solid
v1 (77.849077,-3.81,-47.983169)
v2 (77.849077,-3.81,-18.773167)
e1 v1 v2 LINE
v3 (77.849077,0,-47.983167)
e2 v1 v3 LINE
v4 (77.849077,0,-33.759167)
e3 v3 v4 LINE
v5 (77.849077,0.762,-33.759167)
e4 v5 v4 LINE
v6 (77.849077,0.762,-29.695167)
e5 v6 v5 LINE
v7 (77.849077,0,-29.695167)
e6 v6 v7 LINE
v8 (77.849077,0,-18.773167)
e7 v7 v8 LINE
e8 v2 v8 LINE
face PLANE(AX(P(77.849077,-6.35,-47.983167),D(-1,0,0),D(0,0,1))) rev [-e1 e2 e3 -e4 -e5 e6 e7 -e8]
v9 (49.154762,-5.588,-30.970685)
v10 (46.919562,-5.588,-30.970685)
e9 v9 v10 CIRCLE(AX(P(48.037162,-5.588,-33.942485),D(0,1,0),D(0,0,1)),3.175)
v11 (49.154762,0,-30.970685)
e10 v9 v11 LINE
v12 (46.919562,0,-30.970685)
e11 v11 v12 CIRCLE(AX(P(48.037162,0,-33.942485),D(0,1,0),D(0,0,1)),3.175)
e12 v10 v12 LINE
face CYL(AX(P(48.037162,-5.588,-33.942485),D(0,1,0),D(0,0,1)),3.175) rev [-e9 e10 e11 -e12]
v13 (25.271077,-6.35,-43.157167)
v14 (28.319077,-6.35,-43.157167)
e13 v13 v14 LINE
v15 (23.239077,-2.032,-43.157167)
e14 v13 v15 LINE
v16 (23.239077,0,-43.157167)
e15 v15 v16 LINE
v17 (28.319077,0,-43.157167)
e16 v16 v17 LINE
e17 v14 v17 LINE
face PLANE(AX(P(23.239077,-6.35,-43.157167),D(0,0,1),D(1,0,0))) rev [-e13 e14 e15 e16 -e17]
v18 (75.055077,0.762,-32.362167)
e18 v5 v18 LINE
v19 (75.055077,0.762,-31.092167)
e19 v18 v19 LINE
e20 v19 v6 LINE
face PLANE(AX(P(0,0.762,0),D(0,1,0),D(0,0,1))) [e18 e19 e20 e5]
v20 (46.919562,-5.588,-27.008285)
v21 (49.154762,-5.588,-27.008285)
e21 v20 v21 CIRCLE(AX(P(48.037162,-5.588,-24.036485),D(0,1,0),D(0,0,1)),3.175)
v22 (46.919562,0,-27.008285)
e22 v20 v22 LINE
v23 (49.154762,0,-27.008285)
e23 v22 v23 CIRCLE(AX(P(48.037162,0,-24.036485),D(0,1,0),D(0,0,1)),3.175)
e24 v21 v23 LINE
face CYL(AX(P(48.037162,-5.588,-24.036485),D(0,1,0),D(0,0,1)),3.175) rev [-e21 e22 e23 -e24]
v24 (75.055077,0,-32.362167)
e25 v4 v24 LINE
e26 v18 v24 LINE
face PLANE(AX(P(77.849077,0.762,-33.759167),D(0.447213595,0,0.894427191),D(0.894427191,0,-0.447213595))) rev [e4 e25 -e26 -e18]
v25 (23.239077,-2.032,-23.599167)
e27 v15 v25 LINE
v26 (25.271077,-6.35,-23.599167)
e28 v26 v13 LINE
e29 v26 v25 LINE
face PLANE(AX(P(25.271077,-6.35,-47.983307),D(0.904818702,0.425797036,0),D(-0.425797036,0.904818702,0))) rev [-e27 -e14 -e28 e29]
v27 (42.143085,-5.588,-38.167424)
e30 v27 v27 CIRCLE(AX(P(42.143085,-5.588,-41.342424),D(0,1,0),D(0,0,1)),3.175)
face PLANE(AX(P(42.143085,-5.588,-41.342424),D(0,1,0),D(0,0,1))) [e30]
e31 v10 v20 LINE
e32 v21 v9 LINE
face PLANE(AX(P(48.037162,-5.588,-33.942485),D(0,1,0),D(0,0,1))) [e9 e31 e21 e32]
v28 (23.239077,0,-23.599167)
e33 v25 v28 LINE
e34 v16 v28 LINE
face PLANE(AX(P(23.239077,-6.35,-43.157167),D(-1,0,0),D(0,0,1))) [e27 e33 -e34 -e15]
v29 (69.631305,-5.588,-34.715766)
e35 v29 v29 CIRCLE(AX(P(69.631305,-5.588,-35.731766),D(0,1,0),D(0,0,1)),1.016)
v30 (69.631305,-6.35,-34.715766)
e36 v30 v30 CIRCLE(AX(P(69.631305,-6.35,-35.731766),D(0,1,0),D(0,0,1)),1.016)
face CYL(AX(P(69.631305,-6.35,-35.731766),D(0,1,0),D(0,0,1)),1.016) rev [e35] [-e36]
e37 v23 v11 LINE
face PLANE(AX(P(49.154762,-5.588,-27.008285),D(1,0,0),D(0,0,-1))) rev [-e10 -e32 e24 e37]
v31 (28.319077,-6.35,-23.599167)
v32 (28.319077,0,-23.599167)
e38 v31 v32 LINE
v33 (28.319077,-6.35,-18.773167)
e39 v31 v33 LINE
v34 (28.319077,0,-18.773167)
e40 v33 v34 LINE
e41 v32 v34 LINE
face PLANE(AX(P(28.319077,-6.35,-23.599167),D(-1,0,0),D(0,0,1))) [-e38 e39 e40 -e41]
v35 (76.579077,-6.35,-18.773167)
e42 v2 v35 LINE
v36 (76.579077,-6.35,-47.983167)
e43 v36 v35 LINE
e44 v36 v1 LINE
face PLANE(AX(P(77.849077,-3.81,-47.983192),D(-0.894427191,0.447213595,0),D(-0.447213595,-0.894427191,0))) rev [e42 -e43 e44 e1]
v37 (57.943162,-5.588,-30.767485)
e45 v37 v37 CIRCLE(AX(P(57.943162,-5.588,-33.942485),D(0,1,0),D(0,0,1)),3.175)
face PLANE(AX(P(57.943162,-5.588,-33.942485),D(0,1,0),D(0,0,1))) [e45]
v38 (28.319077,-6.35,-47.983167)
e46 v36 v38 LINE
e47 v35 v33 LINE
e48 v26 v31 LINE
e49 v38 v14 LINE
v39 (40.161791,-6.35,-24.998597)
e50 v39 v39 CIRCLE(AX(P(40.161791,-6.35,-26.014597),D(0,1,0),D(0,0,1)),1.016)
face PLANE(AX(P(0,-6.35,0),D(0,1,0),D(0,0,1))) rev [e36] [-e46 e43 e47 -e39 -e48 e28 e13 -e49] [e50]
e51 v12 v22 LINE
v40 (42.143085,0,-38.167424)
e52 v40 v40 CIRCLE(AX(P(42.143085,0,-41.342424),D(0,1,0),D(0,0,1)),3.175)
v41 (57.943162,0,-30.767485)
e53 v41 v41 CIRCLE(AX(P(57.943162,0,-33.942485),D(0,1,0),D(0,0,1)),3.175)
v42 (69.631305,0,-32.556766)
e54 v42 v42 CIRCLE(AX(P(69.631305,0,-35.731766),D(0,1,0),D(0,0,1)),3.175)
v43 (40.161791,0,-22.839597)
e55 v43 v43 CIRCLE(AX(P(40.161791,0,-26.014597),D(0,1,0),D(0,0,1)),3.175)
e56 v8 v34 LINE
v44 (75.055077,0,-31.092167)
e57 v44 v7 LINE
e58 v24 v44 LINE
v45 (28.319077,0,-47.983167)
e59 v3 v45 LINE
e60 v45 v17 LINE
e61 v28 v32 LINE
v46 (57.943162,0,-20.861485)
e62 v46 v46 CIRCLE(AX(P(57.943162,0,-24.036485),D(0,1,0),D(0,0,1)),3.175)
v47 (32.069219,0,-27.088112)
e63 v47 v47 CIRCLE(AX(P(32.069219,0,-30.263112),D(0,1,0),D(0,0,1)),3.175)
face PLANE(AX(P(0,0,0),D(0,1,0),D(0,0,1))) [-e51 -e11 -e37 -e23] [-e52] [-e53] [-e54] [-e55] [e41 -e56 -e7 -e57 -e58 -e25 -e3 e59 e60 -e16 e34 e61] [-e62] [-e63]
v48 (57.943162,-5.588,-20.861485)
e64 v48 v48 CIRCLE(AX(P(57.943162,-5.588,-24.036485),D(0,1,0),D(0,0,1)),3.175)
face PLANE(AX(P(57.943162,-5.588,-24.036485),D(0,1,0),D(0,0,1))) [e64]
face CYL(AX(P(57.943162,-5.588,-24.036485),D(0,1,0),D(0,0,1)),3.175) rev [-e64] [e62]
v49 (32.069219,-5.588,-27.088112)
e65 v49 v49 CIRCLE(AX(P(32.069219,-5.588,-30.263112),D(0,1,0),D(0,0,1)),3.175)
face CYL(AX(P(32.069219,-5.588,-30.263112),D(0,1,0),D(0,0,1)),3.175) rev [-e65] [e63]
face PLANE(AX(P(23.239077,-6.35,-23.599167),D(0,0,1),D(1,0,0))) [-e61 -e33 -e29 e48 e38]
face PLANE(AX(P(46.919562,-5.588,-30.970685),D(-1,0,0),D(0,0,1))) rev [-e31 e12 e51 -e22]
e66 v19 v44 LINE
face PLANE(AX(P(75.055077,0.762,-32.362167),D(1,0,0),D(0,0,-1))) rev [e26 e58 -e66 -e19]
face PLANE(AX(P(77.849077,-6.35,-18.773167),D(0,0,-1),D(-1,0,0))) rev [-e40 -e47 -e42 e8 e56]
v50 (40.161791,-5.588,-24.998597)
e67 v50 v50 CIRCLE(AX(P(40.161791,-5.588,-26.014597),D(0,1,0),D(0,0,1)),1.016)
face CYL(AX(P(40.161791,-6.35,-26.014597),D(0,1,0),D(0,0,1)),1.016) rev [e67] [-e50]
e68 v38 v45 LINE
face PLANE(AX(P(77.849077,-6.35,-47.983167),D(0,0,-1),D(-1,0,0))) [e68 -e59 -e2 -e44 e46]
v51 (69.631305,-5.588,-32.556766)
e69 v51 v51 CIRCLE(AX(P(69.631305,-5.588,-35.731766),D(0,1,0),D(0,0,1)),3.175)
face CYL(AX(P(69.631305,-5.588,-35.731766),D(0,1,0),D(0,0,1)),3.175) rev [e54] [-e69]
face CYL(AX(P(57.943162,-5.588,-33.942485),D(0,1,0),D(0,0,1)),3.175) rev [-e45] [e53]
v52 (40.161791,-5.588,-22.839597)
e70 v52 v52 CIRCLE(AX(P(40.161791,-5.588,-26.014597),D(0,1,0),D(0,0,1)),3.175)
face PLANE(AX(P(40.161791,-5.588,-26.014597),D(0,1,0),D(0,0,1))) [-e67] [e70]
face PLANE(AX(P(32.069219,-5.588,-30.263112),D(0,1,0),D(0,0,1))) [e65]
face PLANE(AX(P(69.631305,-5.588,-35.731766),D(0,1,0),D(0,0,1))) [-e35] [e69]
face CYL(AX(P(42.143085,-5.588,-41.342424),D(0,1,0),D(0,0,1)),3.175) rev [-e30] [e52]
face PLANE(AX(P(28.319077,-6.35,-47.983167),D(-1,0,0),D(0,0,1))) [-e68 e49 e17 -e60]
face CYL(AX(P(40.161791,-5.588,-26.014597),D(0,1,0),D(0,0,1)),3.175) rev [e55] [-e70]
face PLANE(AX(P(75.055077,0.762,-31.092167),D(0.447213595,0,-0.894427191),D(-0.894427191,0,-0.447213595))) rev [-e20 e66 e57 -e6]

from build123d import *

# Parameters (mm, degrees)
BOSS_EXTRUDE1_DEPTH = 6.35
SKETCH2_R           = 3.175
CUT_EXTRUDE1_DEPTH  = 5.588
BOSS_EXTRUDE2_DEPTH = 0.762
SKETCH4_R           = 1.016
CUT_EXTRUDE2_DEPTH  = 7.35
CUT_EXTRUDE3_DEPTH  = 30.21
CUT_EXTRUDE4_DEPTH  = 25.384


with BuildPart() as part:
    # Sketch1 → Boss-Extrude1 (new body)
    with BuildSketch(Plane(origin=(0, 0, 0), x_dir=(1, 0, 0), z_dir=(0, 1, 0))):
        Polygon((77.849076972, 47.983166812), (28.319076972, 47.983166812), (28.319076972, 43.157166812), (23.239076972, 43.157166812), (23.239076972, 23.599166812), (28.319076972, 23.599166812), (28.319076972, 18.773166812), (77.849076972, 18.773166812), align=None)
    extrude(amount=-BOSS_EXTRUDE1_DEPTH)

    # Sketch2 → Cut-Extrude1 (cut)
    with BuildSketch(Plane(origin=(0, 0, 0), x_dir=(1, 0, 0), z_dir=(0, 1, 0))):
        with Locations((42.143084751, 41.34242402)):
            Circle(SKETCH2_R)
        with Locations((32.069218962, 30.263111699)):
            Circle(SKETCH2_R)
        with Locations((40.161790785, 26.014596512)):
            Circle(SKETCH2_R)
        with Locations((57.943162236, 33.942485163)):
            Circle(SKETCH2_R)
        with Locations((57.943162236, 24.036485163)):
            Circle(SKETCH2_R)
        with Locations((69.631305355, 35.731766034)):
            Circle(SKETCH2_R)
        with BuildLine():
            Line((46.919562236, 30.970685163), (46.919562236, 27.008285163))
            ThreePointArc((46.919562236, 27.008285163), (48.037162236, 20.861485163), (49.154762236, 27.008285163))
            Line((49.154762236, 27.008285163), (49.154762236, 30.970685163))
            ThreePointArc((49.154762236, 30.970685163), (48.037162236, 37.117485163), (46.919562236, 30.970685163))
        make_face()
    extrude(amount=-CUT_EXTRUDE1_DEPTH, mode=Mode.SUBTRACT)

    # Sketch3 → Boss-Extrude2 (add)
    with BuildSketch(Plane(origin=(0, 0, 0), x_dir=(1, 0, 0), z_dir=(0, 1, 0))):
        Polygon((77.849076972, 33.759166812), (75.055076972, 32.362166812), (75.055076972, 31.092166812), (77.849076972, 29.695166812), align=None)
    extrude(amount=BOSS_EXTRUDE2_DEPTH)

    # Sketch4 → Cut-Extrude2 (cut, through all)
    with BuildSketch(Plane(origin=(0, 0, 0), x_dir=(1, 0, 0), z_dir=(0, 1, 0))):
        with Locations((69.631305355, 35.731766034)):
            Circle(SKETCH4_R)
        with Locations((40.161790785, 26.014596512)):
            Circle(SKETCH4_R)
    extrude(amount=-CUT_EXTRUDE2_DEPTH, mode=Mode.SUBTRACT)

    # Sketch5 → Cut-Extrude3 (cut, through all)
    with BuildSketch(Plane.XY.offset(-18.773166812)):
        Polygon((77.849076972, -3.81), (76.579076972, -6.35), (77.849076972, -6.35), align=None)
    extrude(amount=-CUT_EXTRUDE3_DEPTH, mode=Mode.SUBTRACT)

    # Sketch6 → Cut-Extrude4 (cut, through all)
    with BuildSketch(Plane.XY.offset(-23.599166812)):
        Polygon((25.271076972, -6.35), (23.239076972, -2.032), (23.239076972, -6.35), align=None)
    extrude(amount=-CUT_EXTRUDE4_DEPTH, mode=Mode.SUBTRACT)


solid = part.part
